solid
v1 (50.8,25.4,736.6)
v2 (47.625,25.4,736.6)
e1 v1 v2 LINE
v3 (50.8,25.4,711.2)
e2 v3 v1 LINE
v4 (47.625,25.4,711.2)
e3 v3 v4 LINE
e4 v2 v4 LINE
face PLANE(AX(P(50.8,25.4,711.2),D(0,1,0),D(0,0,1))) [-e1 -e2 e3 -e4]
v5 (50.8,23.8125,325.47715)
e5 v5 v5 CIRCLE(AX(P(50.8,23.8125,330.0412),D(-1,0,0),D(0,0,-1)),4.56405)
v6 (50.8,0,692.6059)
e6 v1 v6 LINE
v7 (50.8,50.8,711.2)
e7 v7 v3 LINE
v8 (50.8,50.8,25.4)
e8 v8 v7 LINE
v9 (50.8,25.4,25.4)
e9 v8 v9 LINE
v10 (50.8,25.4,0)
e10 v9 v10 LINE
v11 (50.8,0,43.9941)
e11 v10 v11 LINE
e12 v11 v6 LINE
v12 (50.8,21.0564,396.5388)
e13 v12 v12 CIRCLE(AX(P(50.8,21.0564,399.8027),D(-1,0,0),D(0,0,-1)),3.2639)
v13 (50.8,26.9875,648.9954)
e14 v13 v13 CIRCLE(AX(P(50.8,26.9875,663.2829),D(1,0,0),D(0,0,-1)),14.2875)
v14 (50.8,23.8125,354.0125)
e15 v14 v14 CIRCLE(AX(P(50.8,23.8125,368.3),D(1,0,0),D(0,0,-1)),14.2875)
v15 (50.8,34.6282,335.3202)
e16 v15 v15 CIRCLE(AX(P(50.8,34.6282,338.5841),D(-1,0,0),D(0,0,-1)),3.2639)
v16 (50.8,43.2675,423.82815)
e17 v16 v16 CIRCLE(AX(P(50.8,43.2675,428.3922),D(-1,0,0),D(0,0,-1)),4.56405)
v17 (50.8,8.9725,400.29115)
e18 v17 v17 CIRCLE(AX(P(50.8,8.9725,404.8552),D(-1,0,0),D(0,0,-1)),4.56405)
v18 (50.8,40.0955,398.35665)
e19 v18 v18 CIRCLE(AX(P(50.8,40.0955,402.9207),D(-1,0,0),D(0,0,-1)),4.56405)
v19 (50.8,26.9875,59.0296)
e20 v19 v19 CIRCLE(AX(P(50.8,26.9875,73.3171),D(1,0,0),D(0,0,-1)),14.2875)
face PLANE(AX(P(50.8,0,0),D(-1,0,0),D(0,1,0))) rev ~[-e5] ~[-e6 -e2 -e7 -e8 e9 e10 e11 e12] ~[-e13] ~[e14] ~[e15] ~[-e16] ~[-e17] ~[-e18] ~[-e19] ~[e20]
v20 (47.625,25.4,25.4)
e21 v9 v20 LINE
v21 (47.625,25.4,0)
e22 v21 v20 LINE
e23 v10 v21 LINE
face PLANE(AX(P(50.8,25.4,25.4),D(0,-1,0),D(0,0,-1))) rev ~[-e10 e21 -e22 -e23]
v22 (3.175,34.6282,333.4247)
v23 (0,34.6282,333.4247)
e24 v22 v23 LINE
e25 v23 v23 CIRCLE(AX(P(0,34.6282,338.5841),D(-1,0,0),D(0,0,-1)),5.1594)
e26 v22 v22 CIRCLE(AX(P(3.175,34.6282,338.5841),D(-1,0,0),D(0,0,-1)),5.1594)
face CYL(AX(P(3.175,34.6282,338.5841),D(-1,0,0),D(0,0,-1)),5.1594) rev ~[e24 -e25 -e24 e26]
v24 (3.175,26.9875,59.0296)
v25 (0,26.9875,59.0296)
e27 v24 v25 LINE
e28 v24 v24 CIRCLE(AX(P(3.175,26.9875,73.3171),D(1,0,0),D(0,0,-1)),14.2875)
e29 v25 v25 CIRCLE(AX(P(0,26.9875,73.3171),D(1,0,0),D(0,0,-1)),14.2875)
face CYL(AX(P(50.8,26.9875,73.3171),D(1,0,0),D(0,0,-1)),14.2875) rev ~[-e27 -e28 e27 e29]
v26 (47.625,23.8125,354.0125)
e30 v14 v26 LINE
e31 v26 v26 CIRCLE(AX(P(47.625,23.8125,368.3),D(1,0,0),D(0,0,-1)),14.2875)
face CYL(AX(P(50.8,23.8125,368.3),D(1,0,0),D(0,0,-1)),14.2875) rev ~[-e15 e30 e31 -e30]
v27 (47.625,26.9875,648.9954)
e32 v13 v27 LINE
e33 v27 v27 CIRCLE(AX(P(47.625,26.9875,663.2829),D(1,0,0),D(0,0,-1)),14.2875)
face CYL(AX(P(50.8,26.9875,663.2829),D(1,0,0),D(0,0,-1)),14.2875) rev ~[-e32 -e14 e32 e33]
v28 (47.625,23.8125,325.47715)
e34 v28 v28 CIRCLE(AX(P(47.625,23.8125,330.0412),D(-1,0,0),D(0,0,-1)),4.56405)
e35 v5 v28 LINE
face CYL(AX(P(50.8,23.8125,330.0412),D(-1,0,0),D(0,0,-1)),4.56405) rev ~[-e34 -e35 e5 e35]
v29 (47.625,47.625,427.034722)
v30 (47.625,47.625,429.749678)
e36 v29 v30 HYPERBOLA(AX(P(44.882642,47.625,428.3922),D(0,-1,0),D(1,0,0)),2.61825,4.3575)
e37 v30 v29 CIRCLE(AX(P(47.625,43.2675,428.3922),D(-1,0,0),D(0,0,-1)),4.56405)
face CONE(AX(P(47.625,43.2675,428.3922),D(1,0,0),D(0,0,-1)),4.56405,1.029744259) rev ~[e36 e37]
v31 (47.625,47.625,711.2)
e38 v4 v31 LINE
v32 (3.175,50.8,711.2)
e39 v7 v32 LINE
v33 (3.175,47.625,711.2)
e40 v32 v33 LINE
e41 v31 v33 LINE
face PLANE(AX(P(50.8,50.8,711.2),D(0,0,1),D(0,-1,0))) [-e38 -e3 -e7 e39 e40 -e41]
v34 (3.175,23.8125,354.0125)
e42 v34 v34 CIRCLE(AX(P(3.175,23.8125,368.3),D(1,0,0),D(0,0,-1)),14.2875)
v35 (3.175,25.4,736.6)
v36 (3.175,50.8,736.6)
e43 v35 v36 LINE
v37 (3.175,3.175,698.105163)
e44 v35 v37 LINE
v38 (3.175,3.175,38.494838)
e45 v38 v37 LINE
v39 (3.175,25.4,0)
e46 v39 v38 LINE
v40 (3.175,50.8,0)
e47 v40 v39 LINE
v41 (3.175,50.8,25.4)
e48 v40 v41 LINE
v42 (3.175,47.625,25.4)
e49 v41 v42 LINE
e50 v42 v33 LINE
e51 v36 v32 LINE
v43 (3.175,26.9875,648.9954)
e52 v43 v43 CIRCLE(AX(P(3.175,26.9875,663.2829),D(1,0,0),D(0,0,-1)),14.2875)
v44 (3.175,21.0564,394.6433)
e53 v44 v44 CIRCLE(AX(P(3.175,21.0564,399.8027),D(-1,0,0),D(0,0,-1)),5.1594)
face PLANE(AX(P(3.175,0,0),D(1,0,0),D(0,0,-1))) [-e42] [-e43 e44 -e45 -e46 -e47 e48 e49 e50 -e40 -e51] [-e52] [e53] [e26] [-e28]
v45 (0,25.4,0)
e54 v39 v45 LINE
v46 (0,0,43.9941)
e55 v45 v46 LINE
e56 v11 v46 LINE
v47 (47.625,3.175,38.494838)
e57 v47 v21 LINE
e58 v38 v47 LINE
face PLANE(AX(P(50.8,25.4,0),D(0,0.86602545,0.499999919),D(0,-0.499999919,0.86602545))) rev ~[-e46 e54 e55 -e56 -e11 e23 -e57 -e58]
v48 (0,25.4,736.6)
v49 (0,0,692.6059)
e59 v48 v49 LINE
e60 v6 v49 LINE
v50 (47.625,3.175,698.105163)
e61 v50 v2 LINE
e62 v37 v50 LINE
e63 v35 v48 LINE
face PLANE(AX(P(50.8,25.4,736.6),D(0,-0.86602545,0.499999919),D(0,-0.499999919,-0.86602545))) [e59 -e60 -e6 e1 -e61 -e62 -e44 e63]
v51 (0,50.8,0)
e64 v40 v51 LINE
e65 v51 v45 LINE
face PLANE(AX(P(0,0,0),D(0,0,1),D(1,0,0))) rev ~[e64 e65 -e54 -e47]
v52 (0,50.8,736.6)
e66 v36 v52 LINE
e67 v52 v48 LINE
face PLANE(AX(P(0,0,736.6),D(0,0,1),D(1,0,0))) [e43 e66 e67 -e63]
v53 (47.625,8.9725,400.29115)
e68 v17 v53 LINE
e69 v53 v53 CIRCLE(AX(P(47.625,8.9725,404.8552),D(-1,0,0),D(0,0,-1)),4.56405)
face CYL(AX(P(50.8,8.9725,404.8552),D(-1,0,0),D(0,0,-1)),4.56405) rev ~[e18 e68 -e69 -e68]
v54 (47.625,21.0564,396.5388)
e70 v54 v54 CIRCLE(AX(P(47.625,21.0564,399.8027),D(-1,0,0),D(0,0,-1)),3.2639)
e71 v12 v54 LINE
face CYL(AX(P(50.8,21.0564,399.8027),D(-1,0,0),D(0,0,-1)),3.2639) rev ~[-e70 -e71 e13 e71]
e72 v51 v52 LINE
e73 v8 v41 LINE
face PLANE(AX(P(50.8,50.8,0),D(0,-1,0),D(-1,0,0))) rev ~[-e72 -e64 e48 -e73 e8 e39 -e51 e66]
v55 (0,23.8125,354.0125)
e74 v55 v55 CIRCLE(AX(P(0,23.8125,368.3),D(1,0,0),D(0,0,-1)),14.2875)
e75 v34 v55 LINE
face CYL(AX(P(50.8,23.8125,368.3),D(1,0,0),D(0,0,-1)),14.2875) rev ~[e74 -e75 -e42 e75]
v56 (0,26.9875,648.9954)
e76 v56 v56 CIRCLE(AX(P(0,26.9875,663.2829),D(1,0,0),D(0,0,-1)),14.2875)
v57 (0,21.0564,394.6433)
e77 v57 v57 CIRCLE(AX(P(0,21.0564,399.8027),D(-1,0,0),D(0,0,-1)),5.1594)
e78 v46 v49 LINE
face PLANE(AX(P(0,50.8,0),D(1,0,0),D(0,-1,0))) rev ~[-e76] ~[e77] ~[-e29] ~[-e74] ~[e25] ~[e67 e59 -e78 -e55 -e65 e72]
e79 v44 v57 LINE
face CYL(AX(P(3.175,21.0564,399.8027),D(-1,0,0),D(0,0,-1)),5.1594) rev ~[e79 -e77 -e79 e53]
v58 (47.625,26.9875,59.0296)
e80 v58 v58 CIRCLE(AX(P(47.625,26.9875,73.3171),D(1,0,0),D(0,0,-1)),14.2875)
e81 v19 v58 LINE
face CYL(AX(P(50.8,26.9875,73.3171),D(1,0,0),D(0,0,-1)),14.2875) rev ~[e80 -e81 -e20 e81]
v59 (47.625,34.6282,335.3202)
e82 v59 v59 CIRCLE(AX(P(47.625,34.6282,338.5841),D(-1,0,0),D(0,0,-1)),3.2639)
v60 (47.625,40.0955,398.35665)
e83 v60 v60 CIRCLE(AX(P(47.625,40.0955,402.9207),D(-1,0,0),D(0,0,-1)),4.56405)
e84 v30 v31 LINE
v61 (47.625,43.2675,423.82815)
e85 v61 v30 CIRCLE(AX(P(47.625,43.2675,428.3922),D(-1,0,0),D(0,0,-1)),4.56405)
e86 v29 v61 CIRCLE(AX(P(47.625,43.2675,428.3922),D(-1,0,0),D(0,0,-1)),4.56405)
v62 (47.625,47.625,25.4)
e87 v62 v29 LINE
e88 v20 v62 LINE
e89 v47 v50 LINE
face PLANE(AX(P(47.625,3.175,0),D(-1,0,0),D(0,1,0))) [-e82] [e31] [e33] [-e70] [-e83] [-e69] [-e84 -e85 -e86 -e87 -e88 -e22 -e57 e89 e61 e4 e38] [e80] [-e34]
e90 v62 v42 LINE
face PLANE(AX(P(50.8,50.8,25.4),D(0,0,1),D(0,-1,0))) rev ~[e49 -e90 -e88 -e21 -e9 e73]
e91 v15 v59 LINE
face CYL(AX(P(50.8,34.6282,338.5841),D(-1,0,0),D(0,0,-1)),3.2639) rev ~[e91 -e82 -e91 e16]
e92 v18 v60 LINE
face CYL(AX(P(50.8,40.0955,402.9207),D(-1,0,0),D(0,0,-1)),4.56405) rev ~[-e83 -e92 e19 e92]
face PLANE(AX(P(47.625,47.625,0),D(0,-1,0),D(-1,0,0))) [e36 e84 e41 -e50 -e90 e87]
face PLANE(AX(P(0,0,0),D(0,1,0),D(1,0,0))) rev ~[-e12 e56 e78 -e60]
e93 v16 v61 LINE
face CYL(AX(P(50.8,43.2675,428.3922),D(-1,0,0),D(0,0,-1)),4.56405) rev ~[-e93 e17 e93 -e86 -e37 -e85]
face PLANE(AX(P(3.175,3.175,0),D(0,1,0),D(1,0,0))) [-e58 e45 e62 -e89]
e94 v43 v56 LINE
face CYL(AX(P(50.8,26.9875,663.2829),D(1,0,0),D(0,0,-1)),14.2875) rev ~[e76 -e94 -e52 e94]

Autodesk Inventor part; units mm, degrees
ref_plane "YZ Plane" through (0, 0, 0) normal (1, 0, 0) x (0, 1, 0)
ref_plane "XZ Plane" through (0, 0, 0) normal (0, 1, 0) x (-1, 0, 0)
ref_plane "XY Plane" through (0, 0, 0) normal (0, 0, 1) x (1, 0, 0)
sketch "Sketch1" plane through (0, 0, 0) normal (0, 0, 1) x (1, 0, 0)
  line L0 (0, 0) -> (50.8, 0)
  line L1 (50.8, 0) -> (50.8, 50.8)
  line L2 (50.8, 50.8) -> (0, 50.8)
  line L3 (0, 50.8) -> (0, 0)
  line L4 (3.175, 3.175) -> (47.625, 3.175)
  line L5 (47.625, 3.175) -> (47.625, 47.625)
  line L6 (47.625, 47.625) -> (3.175, 47.625)
  line L7 (3.175, 47.625) -> (3.175, 3.175)
  dimension "d0" = 50.8
  dimension "d1" = 50.8
  dimension "d2" = 44.45
  dimension "d3" = 44.45
  dimension "d4" = 3.175
  dimension "d5" = 3.175
extrude "Extrusion1" add sketch "Sketch1" along normal blind 736.6
sketch "Sketch2" plane through (50.8, 0, 0) normal (1, 0, 0) x (0, 0, -1)
  line L0 (-736.6, 50.8) -> (-711.2, 50.8)
  line L1 (-711.2, 50.8) -> (-711.2, 25.4)
  line L2 (-711.2, 25.4) -> (-736.6, 25.4)
  line L3 (-736.6, 25.4) -> (-736.6, 50.8)
  line L4 (0, 50.8) -> (-25.4, 50.8)
  line L5 (-25.4, 50.8) -> (-25.4, 25.4)
  line L6 (-25.4, 25.4) -> (0, 25.4)
  line L7 (0, 25.4) -> (0, 50.8)
  line L8 (0, 0) -> (-736.6, 0) projected
  line L9 (-736.6, 25.4) -> (-692.6059, 0)
  line L10 (0, 25.4) -> (-43.9941, 0)
  line L11 (0, 0) -> (0, 50.8) projected
  line L12 (-736.6, 0) -> (-736.6, 50.8) projected
  line L13 (-43.9941, 0) -> (0, 0)
  line L14 (0, 25.4) -> (0, 0)
  line L15 (-736.6, 25.4) -> (-736.6, 0)
  line L16 (-692.6059, 0) -> (-736.6, 0)
  line L17 (0, 50.8) -> (-736.6, 50.8) projected
  line L18 (-736.6, 25.4) -> (0, 25.4) construction
  line L19 (-368.3, 50.8) -> (-368.3, 0) construction
  circle A0 centre (-368.3, 23.8125) radius 14.2875
  circle A1 centre (-73.3171, 26.9875) radius 14.2875
  circle A2 centre (-663.2829, 26.9875) radius 14.2875
  point P0 (-402.9207, 40.0955)
  point P1 (-399.8027, 21.0564)
  point P2 (-338.5841, 34.6282)
  point P3 (-330.0412, 23.8125)
  point P4 (-404.8552, 8.9725)
  point P5 (-428.3922, 43.2675)
  dimension "d8" = 25.4
  dimension "d9" = 25.4
  dimension "d10" = 25.4
  dimension "d11" = 25.4
  dimension "d14" = 30
  dimension "d15" = 30
  dimension "d18" = 28.575
  dimension "d19" = 1.5875
  dimension "d22" = 295
  dimension "d23" = 28.575
  dimension "d24" = 28.575
  dimension "d25" = 295
  dimension "d26" = 1.5875
  dimension "d27" = 1.5875
extrude "Extrusion2" cut sketch "Sketch2" against normal up to surface (47.625 mm away) contours L0 L1 L2 L3 | L4 L7 L6 L5
extrude "Extrusion3" cut sketch "Sketch2" against normal through all contours L9 L8 L12 | L10 L11 L8
extrude "Extrusion4" cut sketch "Sketch2" against normal through all contours A0 | A1 | A2
hole "Hole1" at (50.8, 40.0955, 402.9207) at (50.8, 8.9725, 404.8552) at (50.8, 23.8125, 330.0412) at (50.8, 43.2675, 428.3922) direction (-1, 0, 0) diameter 9.1281 depth 3.175 tip angle 118
hole "Hole2" at (50.8, 21.0564, 399.8027) at (50.8, 34.6282, 338.5841) direction (-1, 0, 0) diameter 6.5278 depth 25.4 tip angle 118 clearance for "Socket Head Cap Screw" size "1/4" standard "Ansi Unified Screw Threads"
sketch "Sketch3" plane through (3.175, 47.625, 711.2) normal (1, 0, 0) x (0, 0, -1)
  circle A0 centre (311.3973, -26.5686) radius 3.2639 projected
  circle A1 centre (372.6159, -12.9968) radius 3.2639 projected
  point P0 (711.2, -47.625)
hole "Hole3" at (3.175, 21.0564, 399.8027) at (3.175, 34.6282, 338.5841) direction (-1, 0, 0) diameter 10.3188 end through all
equation "\"d8\" = d9"
equation "\"d9\" = d11"
equation "\"d11\" = d10"
equation "\"d15\" = d14"
equation "\"d22\" = d25"
equation "\"d23\" = d18"
equation "\"d24\" = d18"
properties part number "Tube - left"
